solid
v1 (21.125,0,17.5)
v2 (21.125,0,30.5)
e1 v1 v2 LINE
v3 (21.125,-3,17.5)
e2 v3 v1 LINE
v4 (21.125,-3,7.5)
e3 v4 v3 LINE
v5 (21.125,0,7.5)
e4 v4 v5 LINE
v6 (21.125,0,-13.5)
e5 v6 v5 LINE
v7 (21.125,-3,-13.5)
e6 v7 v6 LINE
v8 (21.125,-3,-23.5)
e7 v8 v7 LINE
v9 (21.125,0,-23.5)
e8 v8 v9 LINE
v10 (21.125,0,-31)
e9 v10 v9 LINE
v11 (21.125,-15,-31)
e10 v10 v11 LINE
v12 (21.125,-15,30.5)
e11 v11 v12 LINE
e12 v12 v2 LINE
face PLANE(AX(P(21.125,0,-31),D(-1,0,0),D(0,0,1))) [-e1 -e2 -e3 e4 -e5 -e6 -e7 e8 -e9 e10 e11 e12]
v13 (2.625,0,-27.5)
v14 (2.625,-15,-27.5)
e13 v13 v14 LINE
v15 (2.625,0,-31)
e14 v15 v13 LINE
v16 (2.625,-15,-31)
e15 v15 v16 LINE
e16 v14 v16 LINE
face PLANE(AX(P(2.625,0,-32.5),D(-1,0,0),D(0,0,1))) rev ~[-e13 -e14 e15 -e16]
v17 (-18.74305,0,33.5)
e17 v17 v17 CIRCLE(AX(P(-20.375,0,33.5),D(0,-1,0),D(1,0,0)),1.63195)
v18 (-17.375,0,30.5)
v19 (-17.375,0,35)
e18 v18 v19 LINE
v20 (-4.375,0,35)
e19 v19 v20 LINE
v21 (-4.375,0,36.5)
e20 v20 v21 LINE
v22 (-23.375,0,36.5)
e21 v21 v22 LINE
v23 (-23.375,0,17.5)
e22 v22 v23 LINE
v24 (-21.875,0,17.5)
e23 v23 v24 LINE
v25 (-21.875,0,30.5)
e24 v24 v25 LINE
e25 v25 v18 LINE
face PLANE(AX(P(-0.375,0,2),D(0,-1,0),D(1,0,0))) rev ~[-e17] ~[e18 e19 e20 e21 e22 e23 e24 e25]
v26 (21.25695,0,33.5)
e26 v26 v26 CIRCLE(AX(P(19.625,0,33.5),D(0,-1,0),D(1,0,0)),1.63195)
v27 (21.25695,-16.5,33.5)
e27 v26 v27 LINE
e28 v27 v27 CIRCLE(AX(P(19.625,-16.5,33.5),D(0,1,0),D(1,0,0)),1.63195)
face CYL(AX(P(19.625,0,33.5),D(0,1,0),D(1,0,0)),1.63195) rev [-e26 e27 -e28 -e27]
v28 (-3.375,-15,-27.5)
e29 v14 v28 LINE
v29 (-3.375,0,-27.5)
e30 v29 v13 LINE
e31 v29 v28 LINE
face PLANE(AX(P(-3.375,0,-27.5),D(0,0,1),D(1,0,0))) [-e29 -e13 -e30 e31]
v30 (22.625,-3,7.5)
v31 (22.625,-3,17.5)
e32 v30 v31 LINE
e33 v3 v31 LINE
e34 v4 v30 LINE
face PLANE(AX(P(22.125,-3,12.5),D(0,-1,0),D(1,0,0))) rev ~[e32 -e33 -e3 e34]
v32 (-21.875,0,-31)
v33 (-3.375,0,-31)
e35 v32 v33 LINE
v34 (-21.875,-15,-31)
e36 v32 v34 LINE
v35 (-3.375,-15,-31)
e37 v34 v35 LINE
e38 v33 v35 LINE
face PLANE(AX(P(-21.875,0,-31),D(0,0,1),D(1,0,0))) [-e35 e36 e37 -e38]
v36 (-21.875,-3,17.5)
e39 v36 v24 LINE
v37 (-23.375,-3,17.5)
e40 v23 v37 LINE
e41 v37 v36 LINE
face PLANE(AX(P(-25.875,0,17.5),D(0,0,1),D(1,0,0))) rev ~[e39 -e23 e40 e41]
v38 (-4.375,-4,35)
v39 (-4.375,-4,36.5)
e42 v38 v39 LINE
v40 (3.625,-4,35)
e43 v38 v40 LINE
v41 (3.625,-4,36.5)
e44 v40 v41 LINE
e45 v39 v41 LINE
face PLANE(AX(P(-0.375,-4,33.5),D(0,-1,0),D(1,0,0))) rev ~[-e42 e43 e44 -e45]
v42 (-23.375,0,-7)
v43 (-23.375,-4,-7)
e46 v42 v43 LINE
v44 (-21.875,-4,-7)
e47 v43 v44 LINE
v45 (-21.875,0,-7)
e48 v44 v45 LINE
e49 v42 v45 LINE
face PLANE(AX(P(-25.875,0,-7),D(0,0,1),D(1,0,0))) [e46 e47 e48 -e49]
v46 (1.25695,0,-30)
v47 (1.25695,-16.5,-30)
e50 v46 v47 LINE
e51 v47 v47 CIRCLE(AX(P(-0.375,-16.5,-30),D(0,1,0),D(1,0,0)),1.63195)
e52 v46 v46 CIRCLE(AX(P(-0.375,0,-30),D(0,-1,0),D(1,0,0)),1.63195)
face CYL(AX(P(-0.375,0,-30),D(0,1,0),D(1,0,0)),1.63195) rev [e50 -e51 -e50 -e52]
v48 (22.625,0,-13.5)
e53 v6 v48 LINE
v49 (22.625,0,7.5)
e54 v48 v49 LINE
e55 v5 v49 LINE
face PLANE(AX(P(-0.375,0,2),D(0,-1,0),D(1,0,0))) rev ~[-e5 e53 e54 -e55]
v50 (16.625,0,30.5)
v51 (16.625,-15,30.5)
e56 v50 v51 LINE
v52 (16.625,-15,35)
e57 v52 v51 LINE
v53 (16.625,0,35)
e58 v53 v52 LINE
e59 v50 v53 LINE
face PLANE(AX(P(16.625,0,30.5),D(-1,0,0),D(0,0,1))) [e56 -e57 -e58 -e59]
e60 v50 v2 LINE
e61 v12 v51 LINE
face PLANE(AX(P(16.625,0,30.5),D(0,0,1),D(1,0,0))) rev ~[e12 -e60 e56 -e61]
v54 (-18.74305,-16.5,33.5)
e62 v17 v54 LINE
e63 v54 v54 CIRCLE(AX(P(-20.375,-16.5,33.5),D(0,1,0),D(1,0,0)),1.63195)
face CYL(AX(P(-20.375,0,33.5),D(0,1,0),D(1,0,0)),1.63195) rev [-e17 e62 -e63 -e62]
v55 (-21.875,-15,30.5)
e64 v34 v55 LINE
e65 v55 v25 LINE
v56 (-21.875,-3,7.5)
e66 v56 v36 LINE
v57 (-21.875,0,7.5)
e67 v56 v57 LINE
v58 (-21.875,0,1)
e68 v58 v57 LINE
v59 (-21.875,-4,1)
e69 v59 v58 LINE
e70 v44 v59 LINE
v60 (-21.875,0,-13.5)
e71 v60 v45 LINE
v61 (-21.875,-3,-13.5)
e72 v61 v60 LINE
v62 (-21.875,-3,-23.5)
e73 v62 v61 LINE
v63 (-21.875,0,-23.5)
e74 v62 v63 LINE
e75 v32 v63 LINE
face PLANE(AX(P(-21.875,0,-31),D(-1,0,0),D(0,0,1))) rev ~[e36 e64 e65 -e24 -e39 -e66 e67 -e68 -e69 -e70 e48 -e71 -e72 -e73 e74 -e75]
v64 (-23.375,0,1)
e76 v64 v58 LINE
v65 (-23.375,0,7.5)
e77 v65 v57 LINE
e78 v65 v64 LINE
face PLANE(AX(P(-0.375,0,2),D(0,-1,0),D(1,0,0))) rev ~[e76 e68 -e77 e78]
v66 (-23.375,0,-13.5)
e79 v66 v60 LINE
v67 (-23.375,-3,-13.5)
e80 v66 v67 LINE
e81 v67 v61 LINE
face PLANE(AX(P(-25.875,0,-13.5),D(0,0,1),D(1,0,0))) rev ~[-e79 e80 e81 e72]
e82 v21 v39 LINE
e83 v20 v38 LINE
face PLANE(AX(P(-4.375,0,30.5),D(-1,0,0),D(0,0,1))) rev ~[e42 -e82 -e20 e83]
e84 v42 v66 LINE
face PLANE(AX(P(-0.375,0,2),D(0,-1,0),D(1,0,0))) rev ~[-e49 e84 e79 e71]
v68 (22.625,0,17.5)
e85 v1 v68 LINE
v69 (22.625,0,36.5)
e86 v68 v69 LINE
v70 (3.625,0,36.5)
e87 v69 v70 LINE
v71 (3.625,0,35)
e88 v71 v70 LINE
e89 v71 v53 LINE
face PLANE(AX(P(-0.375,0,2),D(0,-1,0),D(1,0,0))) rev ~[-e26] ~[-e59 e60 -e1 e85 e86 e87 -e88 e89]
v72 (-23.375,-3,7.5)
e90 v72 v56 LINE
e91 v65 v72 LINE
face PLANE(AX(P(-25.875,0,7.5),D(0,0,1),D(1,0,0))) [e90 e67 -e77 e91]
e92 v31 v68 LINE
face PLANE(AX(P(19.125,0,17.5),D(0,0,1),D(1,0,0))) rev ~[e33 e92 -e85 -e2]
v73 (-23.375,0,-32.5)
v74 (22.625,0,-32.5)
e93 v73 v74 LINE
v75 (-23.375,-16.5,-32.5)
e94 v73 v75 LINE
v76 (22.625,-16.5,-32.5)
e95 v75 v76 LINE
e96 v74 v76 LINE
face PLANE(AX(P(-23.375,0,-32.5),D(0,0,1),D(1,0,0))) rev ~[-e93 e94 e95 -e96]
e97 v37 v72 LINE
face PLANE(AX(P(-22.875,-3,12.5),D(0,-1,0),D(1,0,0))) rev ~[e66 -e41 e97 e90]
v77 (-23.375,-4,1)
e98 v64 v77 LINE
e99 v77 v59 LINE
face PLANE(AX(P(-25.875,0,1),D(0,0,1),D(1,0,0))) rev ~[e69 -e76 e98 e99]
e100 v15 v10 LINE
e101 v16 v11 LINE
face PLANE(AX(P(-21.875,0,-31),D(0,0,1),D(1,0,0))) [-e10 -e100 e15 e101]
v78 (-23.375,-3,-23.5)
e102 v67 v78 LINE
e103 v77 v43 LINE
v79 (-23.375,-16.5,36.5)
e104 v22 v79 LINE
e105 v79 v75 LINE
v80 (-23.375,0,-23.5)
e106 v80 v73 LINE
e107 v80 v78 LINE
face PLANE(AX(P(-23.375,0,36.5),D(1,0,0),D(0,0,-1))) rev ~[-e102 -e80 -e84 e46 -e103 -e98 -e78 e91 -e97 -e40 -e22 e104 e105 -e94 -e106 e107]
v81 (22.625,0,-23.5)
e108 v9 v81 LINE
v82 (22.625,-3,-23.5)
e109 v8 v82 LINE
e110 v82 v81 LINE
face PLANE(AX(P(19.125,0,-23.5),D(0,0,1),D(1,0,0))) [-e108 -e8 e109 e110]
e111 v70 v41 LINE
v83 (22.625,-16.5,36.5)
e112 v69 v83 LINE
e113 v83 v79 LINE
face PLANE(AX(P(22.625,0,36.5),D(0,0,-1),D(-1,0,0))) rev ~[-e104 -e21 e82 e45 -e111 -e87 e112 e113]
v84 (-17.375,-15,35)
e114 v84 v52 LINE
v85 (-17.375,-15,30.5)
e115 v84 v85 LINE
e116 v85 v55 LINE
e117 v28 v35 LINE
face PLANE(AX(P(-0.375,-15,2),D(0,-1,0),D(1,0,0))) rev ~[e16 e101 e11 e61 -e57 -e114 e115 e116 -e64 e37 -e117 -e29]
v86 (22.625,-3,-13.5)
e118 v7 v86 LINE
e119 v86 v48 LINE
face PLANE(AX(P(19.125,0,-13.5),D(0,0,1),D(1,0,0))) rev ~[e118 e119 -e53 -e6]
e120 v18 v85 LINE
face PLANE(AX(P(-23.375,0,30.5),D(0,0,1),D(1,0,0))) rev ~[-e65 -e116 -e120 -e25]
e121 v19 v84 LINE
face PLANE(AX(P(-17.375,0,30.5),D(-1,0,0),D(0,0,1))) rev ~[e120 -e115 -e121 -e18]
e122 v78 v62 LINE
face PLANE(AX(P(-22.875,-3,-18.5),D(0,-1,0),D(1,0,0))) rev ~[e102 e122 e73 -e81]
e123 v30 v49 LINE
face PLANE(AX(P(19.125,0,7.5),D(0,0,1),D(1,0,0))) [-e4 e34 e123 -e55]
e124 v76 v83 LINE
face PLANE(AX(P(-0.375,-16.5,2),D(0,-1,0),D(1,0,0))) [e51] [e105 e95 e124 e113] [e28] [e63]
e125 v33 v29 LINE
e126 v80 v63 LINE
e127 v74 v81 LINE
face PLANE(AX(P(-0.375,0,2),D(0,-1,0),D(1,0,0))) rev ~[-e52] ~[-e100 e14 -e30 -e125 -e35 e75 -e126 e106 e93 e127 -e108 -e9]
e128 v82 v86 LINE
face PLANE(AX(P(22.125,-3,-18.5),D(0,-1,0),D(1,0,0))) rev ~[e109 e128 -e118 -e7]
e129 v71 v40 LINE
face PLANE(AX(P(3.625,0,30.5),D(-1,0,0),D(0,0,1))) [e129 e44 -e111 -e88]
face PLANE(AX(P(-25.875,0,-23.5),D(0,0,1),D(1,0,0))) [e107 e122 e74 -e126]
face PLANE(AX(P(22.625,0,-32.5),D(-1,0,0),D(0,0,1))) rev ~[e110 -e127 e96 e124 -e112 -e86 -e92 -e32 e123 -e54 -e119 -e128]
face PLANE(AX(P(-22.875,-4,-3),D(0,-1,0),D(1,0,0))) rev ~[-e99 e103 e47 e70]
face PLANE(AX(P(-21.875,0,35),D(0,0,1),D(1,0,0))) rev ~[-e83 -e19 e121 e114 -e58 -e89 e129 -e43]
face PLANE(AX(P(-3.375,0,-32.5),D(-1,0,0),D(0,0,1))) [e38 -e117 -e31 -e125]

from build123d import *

# Parameters (mm, degrees)
F8_DEPTH  = 16.5
F2_W      = 43
F2_H      = 66
F9_DEPTH  = 15
F4_W      = 6
F4_H      = 6
F4_H_2    = 5
F10_DEPTH = 16.5
F5_W      = 8
F5_H      = 6
F5_W_2    = 6
F5_H_2    = 8
F11_DEPTH = 4
F6_W      = 6
F6_H      = 10
F12_DEPTH = 3
F7_R      = 1.63195
F13_DEPTH = 16.501


with BuildPart() as f8:
    # F1 (on Front) → F8 (new body)
    with BuildSketch(Plane.XZ):
        Polygon((22.625, -32.5), (22.625, -24.5), (22.625, 36.5), (-23.375, 36.5), (-23.375, -32.5), align=None)
    extrude(amount=F8_DEPTH)

    # F2 (on Front) → F9 (cut)
    with BuildSketch(Plane.XZ):
        with Locations((-0.375, 2)):
            Rectangle(F2_W, F2_H)
    extrude(amount=F9_DEPTH, mode=Mode.SUBTRACT)

    # F4 (on Front) → F10 (join, through all)
    with BuildSketch(Plane.XZ):
        with Locations((-20.375, 33.5)):
            Rectangle(F4_W, F4_H)
        with Locations((19.625, 33.5)):
            Rectangle(F4_W, F4_H)
        with Locations((-0.375, -30)):
            Rectangle(F4_W, F4_H_2)
    extrude(amount=F10_DEPTH)

    # F5 (on Front) → F11 (cut)
    with BuildSketch(Plane.XZ):
        with Locations((-0.375, 33.5)):
            Rectangle(F5_W, F5_H)
        with Locations((-22.875, -3)):
            Rectangle(F5_W_2, F5_H_2)
    extrude(amount=F11_DEPTH, mode=Mode.SUBTRACT)

    # F6 (on Front) → F12 (cut)
    with BuildSketch(Plane.XZ):
        with Locations((-22.875, 12.5)):
            Rectangle(F6_W, F6_H)
        with Locations((-22.875, -18.5)):
            Rectangle(F6_W, F6_H)
        with Locations((22.125, 12.5)):
            Rectangle(F6_W, F6_H)
        with Locations((22.125, -18.5)):
            Rectangle(F6_W, F6_H)
    extrude(amount=F12_DEPTH, mode=Mode.SUBTRACT)

    # F7 (on Front) → F13 (cut, through all)
    with BuildSketch(Plane.XZ):
        with Locations((-0.375, -30)):
            Circle(F7_R)
        with Locations((-20.375, 33.5)):
            Circle(F7_R)
        with Locations((19.625, 33.5)):
            Circle(F7_R)
    extrude(amount=F13_DEPTH, mode=Mode.SUBTRACT)


solid = f8.part
